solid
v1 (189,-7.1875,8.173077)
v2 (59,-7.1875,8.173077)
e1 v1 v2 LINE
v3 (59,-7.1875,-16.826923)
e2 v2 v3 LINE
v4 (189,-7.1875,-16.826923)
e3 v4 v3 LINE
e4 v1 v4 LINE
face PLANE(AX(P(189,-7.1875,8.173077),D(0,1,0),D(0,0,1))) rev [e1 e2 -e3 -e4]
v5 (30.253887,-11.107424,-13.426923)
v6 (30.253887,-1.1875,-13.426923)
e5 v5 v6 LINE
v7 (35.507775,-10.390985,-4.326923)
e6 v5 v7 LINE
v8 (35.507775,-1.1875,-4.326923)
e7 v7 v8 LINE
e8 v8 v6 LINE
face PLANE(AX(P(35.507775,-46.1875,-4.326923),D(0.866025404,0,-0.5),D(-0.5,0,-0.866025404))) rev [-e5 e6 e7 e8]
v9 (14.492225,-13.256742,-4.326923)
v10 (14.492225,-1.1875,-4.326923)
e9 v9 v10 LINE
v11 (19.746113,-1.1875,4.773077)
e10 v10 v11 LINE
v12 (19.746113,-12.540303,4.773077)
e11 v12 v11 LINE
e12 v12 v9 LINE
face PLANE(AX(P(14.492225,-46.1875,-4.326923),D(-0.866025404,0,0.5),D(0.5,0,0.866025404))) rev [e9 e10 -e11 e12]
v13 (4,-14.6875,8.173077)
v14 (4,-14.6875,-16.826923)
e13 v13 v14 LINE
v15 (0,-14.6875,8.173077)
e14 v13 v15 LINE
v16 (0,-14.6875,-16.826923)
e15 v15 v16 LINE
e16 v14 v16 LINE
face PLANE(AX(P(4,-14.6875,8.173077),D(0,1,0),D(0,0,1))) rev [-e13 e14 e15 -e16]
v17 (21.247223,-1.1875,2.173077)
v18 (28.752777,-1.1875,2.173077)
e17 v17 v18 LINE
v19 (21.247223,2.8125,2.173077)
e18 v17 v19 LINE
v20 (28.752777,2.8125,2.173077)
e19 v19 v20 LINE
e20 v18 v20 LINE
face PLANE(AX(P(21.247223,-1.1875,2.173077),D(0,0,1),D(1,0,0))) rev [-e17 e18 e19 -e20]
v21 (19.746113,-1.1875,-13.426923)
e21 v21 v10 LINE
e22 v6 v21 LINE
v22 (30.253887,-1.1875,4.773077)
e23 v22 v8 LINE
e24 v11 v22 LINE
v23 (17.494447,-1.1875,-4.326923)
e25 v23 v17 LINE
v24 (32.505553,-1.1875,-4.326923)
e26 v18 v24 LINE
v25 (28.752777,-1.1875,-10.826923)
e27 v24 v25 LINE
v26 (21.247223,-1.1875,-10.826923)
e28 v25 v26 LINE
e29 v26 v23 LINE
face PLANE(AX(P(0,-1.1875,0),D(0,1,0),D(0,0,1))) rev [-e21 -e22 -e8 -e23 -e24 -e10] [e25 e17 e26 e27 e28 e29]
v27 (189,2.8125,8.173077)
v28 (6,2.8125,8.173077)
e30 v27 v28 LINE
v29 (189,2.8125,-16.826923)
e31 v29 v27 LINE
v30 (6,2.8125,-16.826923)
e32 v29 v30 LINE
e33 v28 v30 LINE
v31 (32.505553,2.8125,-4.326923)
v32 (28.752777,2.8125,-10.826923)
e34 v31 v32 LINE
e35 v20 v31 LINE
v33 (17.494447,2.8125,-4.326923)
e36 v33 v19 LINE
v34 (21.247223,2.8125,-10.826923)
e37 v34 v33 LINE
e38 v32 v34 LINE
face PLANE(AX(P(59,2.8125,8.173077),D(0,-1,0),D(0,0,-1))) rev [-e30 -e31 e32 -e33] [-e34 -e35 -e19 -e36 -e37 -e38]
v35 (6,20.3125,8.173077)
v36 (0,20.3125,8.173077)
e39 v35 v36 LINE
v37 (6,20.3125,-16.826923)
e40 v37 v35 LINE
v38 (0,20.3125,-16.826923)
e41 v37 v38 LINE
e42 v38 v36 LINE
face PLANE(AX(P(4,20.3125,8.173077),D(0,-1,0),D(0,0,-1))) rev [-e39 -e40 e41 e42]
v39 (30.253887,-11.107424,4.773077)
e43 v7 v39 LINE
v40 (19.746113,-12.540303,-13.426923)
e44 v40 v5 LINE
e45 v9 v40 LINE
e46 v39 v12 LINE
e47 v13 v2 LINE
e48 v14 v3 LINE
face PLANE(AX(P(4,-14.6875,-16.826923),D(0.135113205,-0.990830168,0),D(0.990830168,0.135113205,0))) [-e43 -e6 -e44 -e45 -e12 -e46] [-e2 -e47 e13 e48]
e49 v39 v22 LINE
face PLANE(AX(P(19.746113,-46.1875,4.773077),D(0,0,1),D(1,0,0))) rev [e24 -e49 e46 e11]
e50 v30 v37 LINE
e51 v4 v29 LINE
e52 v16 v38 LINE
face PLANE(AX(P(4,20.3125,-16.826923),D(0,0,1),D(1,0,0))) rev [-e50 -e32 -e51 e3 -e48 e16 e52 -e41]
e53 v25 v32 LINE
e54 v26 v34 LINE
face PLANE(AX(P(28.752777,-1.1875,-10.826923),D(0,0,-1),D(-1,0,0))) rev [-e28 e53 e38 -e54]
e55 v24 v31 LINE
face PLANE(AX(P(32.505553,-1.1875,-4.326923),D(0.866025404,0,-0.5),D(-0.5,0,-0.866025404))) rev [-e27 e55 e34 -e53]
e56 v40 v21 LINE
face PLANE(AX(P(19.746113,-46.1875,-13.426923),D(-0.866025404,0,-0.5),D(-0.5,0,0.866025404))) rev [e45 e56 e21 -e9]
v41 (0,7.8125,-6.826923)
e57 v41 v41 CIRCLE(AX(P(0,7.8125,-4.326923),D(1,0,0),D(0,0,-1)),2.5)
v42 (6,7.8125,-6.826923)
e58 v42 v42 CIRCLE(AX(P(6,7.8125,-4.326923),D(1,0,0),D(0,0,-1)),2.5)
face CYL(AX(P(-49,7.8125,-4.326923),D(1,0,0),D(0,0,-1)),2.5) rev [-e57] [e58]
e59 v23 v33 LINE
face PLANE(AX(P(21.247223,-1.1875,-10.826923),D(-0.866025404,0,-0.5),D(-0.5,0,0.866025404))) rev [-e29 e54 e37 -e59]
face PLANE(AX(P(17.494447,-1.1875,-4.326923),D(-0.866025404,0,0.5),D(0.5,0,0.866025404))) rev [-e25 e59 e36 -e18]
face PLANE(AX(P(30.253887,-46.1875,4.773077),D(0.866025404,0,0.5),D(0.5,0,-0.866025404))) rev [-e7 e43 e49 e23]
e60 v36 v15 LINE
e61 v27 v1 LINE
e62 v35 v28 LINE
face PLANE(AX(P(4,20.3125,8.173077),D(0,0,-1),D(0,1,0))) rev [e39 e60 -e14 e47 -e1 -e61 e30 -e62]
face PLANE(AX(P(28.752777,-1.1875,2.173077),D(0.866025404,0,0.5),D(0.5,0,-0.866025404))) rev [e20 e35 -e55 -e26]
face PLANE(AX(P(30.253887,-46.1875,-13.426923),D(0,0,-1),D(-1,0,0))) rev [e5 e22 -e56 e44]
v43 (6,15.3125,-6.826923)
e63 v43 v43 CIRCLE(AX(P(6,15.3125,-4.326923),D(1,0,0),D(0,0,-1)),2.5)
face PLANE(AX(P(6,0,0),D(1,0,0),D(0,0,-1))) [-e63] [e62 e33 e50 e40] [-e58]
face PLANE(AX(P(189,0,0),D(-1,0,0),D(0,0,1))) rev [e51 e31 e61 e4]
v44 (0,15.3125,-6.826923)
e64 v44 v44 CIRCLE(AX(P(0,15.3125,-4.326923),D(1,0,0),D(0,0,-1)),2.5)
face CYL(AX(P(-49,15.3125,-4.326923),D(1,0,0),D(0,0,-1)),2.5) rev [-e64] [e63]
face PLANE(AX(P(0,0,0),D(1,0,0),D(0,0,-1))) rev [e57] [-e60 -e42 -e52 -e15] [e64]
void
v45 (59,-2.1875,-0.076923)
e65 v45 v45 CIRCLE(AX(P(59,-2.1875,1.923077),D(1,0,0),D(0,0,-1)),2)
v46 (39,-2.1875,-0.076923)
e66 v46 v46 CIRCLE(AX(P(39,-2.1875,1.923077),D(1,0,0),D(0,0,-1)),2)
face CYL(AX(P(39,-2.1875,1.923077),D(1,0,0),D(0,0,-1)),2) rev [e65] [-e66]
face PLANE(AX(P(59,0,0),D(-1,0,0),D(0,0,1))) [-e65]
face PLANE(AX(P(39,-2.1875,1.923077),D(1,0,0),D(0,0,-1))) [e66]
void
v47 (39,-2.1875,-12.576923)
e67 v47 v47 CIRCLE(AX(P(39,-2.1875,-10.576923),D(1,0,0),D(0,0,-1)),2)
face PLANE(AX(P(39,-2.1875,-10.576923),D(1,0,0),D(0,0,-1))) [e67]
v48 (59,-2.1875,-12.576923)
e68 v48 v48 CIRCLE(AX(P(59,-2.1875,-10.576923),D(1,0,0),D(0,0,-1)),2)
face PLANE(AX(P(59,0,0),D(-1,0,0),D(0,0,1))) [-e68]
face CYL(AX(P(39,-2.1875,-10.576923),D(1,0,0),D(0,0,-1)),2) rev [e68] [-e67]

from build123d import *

# Parameters (mm, degrees)
CROQUIS3_W              = 25
CROQUIS3_H              = 35
SALIENTE_EXTRUIR2_DEPTH = 4
CROQUIS5_W              = 25
CROQUIS5_H              = 17.5
SALIENTE_EXTRUIR3_DEPTH = 2
CROQUIS7_W              = 25
CROQUIS7_H              = 10
SALIENTE_EXTRUIR5_DEPTH = 55
CROQUIS8_R              = 2.5
CORTAR_EXTRUIR1_DEPTH   = 55
SALIENTE_EXTRUIR6_DEPTH = 25
CORTAR_EXTRUIR3_DEPTH   = 4
CROQUIS11_R             = 2
CORTAR_EXTRUIR4_DEPTH   = 20
CORTAR_EXTRUIR5_DEPTH   = 45
CROQUIS13_W             = 25
CROQUIS13_H             = 10
SALIENTE_EXTRUIR7_DEPTH = 130


with BuildPart() as part:
    # Croquis3 → Saliente-Extruir2 (new body)
    with BuildSketch(Plane(origin=(0, 0, 0), x_dir=(0, 0, -1), z_dir=(1, 0, 0))):
        with Locations((4.326923077, 2.8125)):
            Rectangle(CROQUIS3_W, CROQUIS3_H)
    extrude(amount=SALIENTE_EXTRUIR2_DEPTH)

    # Croquis5 → Saliente-Extruir3 (add)
    with BuildSketch(Plane(origin=(4, 0, 0), x_dir=(0, 0, -1), z_dir=(1, 0, 0))):
        with Locations((4.326923077, 11.5625)):
            Rectangle(CROQUIS5_W, CROQUIS5_H)
    extrude(amount=SALIENTE_EXTRUIR3_DEPTH)

    # Croquis7 → Saliente-Extruir5 (add)
    with BuildSketch(Plane(origin=(4, 0, 0), x_dir=(0, 0, -1), z_dir=(1, 0, 0))):
        with Locations((4.326923077, -2.1875)):
            Rectangle(CROQUIS7_W, CROQUIS7_H)
    extrude(amount=SALIENTE_EXTRUIR5_DEPTH)

    # Croquis8 → Cortar-Extruir1 (cut)
    with BuildSketch(Plane(origin=(6, 0, 0), x_dir=(0, 0, -1), z_dir=(1, 0, 0))):
        with Locations((4.326923077, 15.3125)):
            Circle(CROQUIS8_R)
        with Locations((4.326923077, 7.8125)):
            Circle(CROQUIS8_R)
    extrude(amount=-CORTAR_EXTRUIR1_DEPTH, mode=Mode.SUBTRACT)

    # Croquis10 → Saliente-Extruir6 (add, through all)
    with BuildSketch(Plane.XY.offset(8.173076923)):
        Polygon((4, -14.6875), (59, -7.1875), (4, -7.1875), align=None)
    extrude(amount=-SALIENTE_EXTRUIR6_DEPTH)

    # Croquis9 → Cortar-Extruir3 (cut)
    with BuildSketch(Plane(origin=(0, 2.8125, 0), x_dir=(1, 0, 0), z_dir=(0, 1, 0))):
        Polygon((32.505553499, 4.326923077), (28.75277675, 10.826923077), (21.24722325, 10.826923077), (17.494446501, 4.326923077), (21.24722325, -2.173076923), (28.75277675, -2.173076923), align=None)
    extrude(amount=-CORTAR_EXTRUIR3_DEPTH, mode=Mode.SUBTRACT)

    # Croquis11 → Cortar-Extruir4 (cut)
    with BuildSketch(Plane(origin=(59, 0, 0), x_dir=(0, 0, -1), z_dir=(1, 0, 0))):
        with Locations((-1.923076923, -2.1875)):
            Circle(CROQUIS11_R)
        with Locations((10.576923077, -2.1875)):
            Circle(CROQUIS11_R)
    extrude(amount=-CORTAR_EXTRUIR4_DEPTH, mode=Mode.SUBTRACT)

    # Croquis12 → Cortar-Extruir5 (cut)
    with BuildSketch(Plane(origin=(0, -1.1875, 0), x_dir=(1, 0, 0), z_dir=(0, 1, 0))):
        Polygon((30.25388745, 13.426923077), (19.74611255, 13.426923077), (14.492225101, 4.326923077), (19.74611255, -4.773076923), (30.25388745, -4.773076923), (35.507774899, 4.326923077), align=None)
    extrude(amount=-CORTAR_EXTRUIR5_DEPTH, mode=Mode.SUBTRACT)

    # Croquis13 → Saliente-Extruir7 (add)
    with BuildSketch(Plane(origin=(59, 0, 0), x_dir=(0, 0, -1), z_dir=(1, 0, 0))):
        with Locations((4.326923077, -2.1875)):
            Rectangle(CROQUIS13_W, CROQUIS13_H)
    extrude(amount=SALIENTE_EXTRUIR7_DEPTH)


solid = part.part
